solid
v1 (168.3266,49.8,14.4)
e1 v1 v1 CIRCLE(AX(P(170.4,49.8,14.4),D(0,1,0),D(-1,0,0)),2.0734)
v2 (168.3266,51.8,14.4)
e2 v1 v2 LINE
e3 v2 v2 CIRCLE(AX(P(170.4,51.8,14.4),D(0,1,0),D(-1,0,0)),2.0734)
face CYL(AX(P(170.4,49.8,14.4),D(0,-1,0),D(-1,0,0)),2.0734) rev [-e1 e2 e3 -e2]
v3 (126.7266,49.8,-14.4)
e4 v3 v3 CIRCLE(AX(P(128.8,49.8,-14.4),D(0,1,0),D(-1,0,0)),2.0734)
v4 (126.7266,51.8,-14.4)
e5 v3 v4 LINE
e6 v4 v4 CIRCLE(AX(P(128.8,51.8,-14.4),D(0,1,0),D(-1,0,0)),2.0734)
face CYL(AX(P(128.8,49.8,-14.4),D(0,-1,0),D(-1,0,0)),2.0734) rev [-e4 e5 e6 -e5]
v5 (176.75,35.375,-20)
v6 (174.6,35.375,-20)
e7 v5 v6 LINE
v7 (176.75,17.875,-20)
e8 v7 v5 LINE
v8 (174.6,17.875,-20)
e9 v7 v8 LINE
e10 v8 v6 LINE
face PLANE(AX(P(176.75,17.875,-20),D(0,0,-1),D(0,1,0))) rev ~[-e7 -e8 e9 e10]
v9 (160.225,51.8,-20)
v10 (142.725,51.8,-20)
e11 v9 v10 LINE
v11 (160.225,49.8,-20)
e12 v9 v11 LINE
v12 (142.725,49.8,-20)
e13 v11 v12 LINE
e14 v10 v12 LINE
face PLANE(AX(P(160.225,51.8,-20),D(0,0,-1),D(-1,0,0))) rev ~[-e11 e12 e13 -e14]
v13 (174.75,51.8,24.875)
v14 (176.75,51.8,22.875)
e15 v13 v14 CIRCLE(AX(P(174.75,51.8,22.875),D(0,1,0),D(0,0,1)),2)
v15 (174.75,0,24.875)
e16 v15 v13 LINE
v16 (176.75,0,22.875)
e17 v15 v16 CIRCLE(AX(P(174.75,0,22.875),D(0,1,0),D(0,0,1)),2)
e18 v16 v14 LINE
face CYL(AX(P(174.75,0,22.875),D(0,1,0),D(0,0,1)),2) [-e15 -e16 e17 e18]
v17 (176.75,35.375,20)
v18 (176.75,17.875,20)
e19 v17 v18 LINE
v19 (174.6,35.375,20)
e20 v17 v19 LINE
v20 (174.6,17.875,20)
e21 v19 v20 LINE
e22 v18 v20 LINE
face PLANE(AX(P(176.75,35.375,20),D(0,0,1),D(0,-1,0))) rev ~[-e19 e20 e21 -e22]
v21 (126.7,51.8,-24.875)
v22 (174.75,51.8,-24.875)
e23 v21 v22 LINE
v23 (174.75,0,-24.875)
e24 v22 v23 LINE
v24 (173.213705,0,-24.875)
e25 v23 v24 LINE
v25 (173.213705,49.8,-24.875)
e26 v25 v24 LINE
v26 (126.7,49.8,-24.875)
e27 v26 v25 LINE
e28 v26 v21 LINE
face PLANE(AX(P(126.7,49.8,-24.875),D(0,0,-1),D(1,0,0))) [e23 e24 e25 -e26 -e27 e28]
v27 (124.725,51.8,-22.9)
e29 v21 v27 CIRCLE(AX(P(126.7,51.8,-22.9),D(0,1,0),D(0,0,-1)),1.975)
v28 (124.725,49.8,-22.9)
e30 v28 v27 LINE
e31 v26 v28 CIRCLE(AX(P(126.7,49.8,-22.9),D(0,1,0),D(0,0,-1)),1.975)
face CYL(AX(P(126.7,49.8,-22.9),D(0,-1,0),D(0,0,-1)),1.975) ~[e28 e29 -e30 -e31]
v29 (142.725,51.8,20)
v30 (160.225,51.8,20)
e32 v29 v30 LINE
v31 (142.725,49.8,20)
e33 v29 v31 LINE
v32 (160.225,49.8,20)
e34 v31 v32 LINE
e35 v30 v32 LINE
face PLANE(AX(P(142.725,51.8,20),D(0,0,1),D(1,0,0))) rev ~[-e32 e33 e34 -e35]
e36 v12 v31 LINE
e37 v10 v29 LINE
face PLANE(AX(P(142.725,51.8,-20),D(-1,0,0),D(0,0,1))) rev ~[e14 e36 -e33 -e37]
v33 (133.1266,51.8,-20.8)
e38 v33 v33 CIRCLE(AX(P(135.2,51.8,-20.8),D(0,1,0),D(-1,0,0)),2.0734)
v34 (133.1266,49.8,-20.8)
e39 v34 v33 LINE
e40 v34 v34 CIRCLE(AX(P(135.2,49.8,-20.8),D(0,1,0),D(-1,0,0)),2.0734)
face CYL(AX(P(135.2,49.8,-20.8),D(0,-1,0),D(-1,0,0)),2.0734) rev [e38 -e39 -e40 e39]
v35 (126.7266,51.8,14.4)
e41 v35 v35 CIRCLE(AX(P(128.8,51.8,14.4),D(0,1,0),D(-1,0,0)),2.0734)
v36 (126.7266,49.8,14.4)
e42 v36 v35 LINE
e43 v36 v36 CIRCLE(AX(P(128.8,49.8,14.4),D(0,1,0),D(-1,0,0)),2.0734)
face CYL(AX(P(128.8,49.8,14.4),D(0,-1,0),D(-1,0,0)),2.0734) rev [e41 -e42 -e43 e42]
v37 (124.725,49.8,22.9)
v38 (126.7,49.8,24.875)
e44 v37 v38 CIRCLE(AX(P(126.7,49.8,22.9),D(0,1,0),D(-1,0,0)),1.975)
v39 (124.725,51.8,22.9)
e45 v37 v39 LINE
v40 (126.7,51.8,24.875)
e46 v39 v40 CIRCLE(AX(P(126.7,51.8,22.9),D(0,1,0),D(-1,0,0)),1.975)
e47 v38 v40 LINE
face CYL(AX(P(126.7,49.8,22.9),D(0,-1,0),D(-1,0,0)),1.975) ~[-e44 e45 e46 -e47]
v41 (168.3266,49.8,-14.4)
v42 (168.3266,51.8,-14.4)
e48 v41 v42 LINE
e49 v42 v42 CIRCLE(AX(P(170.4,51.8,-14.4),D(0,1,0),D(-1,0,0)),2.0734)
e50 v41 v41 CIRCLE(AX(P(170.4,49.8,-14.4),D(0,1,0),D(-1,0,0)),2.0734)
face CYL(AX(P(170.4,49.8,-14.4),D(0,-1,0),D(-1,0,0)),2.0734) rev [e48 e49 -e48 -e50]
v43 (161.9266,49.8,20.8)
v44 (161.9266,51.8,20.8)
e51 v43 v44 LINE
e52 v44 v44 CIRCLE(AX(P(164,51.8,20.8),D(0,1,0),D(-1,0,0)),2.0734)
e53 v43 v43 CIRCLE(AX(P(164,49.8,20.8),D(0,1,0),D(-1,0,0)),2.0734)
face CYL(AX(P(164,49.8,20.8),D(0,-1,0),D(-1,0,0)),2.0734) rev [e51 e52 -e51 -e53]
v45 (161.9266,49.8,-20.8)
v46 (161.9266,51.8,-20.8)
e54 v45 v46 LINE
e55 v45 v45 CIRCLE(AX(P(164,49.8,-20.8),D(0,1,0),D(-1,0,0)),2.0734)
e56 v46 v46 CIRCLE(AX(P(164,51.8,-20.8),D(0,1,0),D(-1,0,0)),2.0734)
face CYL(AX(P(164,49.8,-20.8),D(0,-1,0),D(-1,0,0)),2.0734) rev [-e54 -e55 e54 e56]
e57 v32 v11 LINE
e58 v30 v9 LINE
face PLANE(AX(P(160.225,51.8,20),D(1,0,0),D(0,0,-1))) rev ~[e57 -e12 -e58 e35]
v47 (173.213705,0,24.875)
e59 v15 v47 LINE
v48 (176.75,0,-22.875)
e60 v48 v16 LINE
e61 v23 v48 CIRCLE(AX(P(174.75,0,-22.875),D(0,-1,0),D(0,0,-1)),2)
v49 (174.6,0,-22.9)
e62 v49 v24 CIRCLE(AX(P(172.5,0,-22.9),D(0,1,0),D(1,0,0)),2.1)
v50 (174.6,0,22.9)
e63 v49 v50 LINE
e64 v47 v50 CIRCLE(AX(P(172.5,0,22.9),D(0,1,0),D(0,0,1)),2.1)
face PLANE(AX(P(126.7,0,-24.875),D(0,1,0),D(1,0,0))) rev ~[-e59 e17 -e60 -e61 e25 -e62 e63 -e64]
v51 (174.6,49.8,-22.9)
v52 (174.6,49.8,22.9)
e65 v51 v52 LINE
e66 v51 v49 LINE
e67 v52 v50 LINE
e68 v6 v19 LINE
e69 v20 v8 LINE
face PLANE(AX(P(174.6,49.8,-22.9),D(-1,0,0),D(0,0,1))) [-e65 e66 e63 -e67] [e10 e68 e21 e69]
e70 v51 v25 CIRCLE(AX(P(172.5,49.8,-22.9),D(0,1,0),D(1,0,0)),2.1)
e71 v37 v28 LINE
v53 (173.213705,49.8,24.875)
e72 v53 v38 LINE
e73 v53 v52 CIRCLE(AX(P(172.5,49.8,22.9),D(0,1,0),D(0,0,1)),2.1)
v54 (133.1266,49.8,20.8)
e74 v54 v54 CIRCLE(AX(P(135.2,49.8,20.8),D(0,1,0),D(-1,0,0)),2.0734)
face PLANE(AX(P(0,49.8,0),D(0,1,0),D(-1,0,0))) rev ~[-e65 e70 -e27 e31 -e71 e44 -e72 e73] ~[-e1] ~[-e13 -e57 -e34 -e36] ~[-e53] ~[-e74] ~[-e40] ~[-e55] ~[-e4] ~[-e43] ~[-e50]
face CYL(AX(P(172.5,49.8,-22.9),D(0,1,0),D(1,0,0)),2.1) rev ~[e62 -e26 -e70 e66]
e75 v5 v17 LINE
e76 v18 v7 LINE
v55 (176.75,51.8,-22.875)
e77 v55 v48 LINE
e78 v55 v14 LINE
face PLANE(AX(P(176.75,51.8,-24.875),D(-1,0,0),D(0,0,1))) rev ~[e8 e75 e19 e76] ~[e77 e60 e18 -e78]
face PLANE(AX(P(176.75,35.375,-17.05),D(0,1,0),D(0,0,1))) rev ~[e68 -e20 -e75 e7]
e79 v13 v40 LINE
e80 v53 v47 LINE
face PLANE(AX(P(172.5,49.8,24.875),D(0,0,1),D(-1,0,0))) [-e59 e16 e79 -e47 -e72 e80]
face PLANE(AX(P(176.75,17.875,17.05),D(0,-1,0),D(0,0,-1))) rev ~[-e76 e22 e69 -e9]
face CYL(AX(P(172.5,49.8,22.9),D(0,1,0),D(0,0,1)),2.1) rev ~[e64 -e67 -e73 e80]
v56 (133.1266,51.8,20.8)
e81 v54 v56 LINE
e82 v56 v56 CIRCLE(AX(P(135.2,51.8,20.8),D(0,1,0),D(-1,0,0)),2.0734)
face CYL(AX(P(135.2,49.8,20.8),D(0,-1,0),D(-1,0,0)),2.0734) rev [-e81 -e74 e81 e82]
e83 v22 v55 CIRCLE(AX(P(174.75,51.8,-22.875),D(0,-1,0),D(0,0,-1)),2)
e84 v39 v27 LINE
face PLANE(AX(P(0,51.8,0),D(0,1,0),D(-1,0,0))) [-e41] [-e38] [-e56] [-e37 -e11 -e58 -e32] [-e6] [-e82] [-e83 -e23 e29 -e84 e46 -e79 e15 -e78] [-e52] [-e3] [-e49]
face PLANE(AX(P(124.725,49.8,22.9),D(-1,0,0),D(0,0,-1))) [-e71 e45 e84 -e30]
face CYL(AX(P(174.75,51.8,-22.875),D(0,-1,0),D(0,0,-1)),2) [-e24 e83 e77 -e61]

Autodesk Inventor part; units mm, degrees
ref_plane "YZ Plane" through (0, 0, 0) normal (1, 0, 0) x (0, 1, 0)
ref_plane "XZ Plane" through (0, 0, 0) normal (0, 1, 0) x (-1, 0, 0)
sketch "Sketch1" plane through (0, 0, 0) normal (0, 1, 0) x (-1, 0, 0)
  line L0 (-155.225, -15) -> (-155.225, 15) projected
  line L1 (-155.225, 15) -> (-147.725, 15) projected
  line L2 (-147.725, 15) -> (-147.725, -15) projected
  line L3 (-147.725, -15) -> (-155.225, -15) projected
  circle A0 centre (-171.5, -21.9) radius 1.875 projected
  circle A1 centre (-127.7, 21.9) radius 1.875 projected
  circle A2 centre (-127.7, -21.9) radius 1.875 projected
  circle A3 centre (-171.5, 21.9) radius 1.875 projected
  circle A4 centre (-135.2, 20.8) radius 2.0734 projected
  circle A5 centre (-164, -20.8) radius 2.0734 projected
  circle A6 centre (-135.2, -20.8) radius 2.0734 projected
  circle A7 centre (-128.8, -14.4) radius 2.0734 projected
  circle A8 centre (-128.8, 14.4) radius 2.0734 projected
  circle A9 centre (-164, 20.8) radius 2.0734 projected
  circle A10 centre (-170.4, -14.4) radius 2.0734 projected
  circle A11 centre (-170.4, 14.4) radius 2.0734 projected
  line L4 (-172.5, 24.875) -> (-126.7, 24.875) projected
  arc A12 (-172.5, 24.875) -> (-174.475, 22.9) centre (-172.5, 22.9) ccw projected
  line L5 (-174.475, -22.9) -> (-174.475, 22.9) projected
  arc A13 (-174.475, -22.9) -> (-172.5, -24.875) centre (-172.5, -22.9) ccw projected
  line L6 (-126.7, -24.875) -> (-172.5, -24.875) projected
  arc A14 (-126.7, -24.875) -> (-124.725, -22.9) centre (-126.7, -22.9) ccw projected
  line L7 (-124.725, 22.9) -> (-124.725, -22.9) projected
  arc A15 (-124.725, 22.9) -> (-126.7, 24.875) centre (-126.7, 22.9) ccw projected
  point P0 (0, 0)
ref_plane "Work Plane1" through (124.725, 49.8, -24.875) normal (0, 1, 0) x (0, 0, 1)
extrude "Extrusion1" add sketch "Sketch1" along normal blind 2 from surface at 49.8 contours A0 | A1 | A2 | A3 | L4 A15 L7 A14 L6 A13 L5 A12
sketch "Sketch2" plane through (126.7, 51.8, -24.875) normal (0, 1, 0) x (1, 0, 0)
  line L0 (28.525, -9.875) -> (21.025, -9.875) projected
  line L1 (28.525, -39.875) -> (28.525, -9.875) projected
  line L2 (21.025, -39.875) -> (28.525, -39.875) projected
  line L3 (21.025, -9.875) -> (21.025, -39.875) projected
  circle A0 centre (8.5, -45.675) radius 2.0734 projected
  circle A1 centre (37.3, -4.075) radius 2.0734 projected
  circle A2 centre (8.5, -4.075) radius 2.0734 projected
  circle A3 centre (2.1, -10.475) radius 2.0734 projected
  circle A4 centre (2.1, -39.275) radius 2.0734 projected
  circle A5 centre (37.3, -45.675) radius 2.0734 projected
  circle A6 centre (43.7, -10.475) radius 2.0734 projected
  circle A7 centre (43.7, -39.275) radius 2.0734 projected
  arc A8 (47.775, -1.975) -> (45.8, 0) centre (45.8, -1.975) ccw projected
  line L4 (0, 0) -> (45.8, 0) projected
  arc A9 (0, 0) -> (-1.975, -1.975) centre (0, -1.975) ccw projected
  line L5 (-1.975, -47.775) -> (-1.975, -1.975) projected
  arc A10 (-1.975, -47.775) -> (0, -49.75) centre (0, -47.775) ccw projected
  line L6 (45.8, -49.75) -> (0, -49.75) projected
  arc A11 (45.8, -49.75) -> (47.775, -47.775) centre (45.8, -47.775) ccw projected
  line L7 (47.775, -1.975) -> (47.775, -47.775) projected
  line L8 (16.025, -44.875) -> (33.525, -44.875)
  line L9 (33.525, -44.875) -> (33.525, -4.875)
  line L10 (33.525, -4.875) -> (16.025, -4.875)
  line L11 (16.025, -4.875) -> (16.025, -44.875)
  line L12 (45.8, 0) -> (50.05, 0)
  line L13 (50.05, 0) -> (50.05, -49.75)
  line L14 (50.05, -49.75) -> (45.8, -49.75)
  line L15 (45.8, -49.75) -> (45.8, 0)
  line L16 (50.05, -49.75) -> (47.925, -49.75)
  line L17 (47.925, -49.75) -> (47.925, 0)
  line L18 (47.925, 0) -> (50.05, 0)
  line L19 (50.05, 0) -> (50.05, -49.75)
  arc A12 (45.8, -49.875) -> (47.9, -47.775) centre (45.8, -47.775) ccw
  line L20 (45.8, -49.875) -> (0, -49.875)
  arc A13 (-2.1, -47.775) -> (0, -49.875) centre (0, -47.775) ccw
  line L21 (-2.1, -47.775) -> (-2.1, -1.975)
  arc A14 (0, 0.125) -> (-2.1, -1.975) centre (0, -1.975) ccw
  line L22 (0, 0.125) -> (45.8, 0.125)
  arc A15 (47.9, -1.975) -> (45.8, 0.125) centre (45.8, -1.975) ccw
  line L23 (47.9, -1.975) -> (47.9, -47.775)
  point P0 (-126.7, -24.875)
  point P1 (47.925, -49.75)
  point P2 (46.5137, -49.75)
  point P3 (46.5137, 0)
  dimension "d2" = 5
  dimension "d3" = 4.25
  dimension "d4" = 2.125
  dimension "d15" = 0.125
extrude "Extrusion2" cut sketch "Sketch2" against normal up to surface (2 mm away) contours L11 L10 L9 L8
extrude "Extrusion3" add sketch "Sketch2" against normal blind 2 contours A8 L12 A15 L23 A12 L14 A11 L7 | L12 L17 L14 A12 L23 A15 | L12 L13 L14 L17
extrude "Extrusion4" add sketch "Sketch2" against normal blind 49.8 from surface at -2 contours L12 L17 L14 A12 L23 A15 | L12 L13 L14 L17
fillet "Fillet1" radius 2 2 edges at (176.75, 25.9, 24.875) (176.75, 25.9, -24.875)
sketch "Sketch3" plane through (176.75, 51.8, 22.875) normal (1, 0, 0) x (0, 0, -1)
  line L0 (7.875, -21.425) -> (7.875, -28.925) projected
  line L1 (7.875, -28.925) -> (37.875, -28.925) projected
  line L2 (37.875, -28.925) -> (37.875, -21.425) projected
  line L3 (37.875, -21.425) -> (7.875, -21.425) projected
  line L4 (5.825, -9.7) -> (39.925, -9.7) projected
  line L5 (39.925, -44.1) -> (39.925, -9.7) projected
  line L6 (5.825, -44.1) -> (39.925, -44.1) projected
  line L7 (5.825, -9.7) -> (5.825, -44.1) projected
  line L8 (2.875, -16.425) -> (2.875, -33.925)
  line L9 (2.875, -33.925) -> (42.875, -33.925)
  line L10 (42.875, -33.925) -> (42.875, -16.425)
  line L11 (42.875, -16.425) -> (2.875, -16.425)
  point P0 (22.875, -51.8)
  dimension "d12" = 5
extrude "Extrusion5" cut sketch "Sketch3" against normal up to surface (2.15 mm away) contours L3 L2 L1 L0 | L11 L5 L9 L7 | L7 L9 L8 L11 | L11 L10 L9 L5
properties part number "Lens Light Cover"
